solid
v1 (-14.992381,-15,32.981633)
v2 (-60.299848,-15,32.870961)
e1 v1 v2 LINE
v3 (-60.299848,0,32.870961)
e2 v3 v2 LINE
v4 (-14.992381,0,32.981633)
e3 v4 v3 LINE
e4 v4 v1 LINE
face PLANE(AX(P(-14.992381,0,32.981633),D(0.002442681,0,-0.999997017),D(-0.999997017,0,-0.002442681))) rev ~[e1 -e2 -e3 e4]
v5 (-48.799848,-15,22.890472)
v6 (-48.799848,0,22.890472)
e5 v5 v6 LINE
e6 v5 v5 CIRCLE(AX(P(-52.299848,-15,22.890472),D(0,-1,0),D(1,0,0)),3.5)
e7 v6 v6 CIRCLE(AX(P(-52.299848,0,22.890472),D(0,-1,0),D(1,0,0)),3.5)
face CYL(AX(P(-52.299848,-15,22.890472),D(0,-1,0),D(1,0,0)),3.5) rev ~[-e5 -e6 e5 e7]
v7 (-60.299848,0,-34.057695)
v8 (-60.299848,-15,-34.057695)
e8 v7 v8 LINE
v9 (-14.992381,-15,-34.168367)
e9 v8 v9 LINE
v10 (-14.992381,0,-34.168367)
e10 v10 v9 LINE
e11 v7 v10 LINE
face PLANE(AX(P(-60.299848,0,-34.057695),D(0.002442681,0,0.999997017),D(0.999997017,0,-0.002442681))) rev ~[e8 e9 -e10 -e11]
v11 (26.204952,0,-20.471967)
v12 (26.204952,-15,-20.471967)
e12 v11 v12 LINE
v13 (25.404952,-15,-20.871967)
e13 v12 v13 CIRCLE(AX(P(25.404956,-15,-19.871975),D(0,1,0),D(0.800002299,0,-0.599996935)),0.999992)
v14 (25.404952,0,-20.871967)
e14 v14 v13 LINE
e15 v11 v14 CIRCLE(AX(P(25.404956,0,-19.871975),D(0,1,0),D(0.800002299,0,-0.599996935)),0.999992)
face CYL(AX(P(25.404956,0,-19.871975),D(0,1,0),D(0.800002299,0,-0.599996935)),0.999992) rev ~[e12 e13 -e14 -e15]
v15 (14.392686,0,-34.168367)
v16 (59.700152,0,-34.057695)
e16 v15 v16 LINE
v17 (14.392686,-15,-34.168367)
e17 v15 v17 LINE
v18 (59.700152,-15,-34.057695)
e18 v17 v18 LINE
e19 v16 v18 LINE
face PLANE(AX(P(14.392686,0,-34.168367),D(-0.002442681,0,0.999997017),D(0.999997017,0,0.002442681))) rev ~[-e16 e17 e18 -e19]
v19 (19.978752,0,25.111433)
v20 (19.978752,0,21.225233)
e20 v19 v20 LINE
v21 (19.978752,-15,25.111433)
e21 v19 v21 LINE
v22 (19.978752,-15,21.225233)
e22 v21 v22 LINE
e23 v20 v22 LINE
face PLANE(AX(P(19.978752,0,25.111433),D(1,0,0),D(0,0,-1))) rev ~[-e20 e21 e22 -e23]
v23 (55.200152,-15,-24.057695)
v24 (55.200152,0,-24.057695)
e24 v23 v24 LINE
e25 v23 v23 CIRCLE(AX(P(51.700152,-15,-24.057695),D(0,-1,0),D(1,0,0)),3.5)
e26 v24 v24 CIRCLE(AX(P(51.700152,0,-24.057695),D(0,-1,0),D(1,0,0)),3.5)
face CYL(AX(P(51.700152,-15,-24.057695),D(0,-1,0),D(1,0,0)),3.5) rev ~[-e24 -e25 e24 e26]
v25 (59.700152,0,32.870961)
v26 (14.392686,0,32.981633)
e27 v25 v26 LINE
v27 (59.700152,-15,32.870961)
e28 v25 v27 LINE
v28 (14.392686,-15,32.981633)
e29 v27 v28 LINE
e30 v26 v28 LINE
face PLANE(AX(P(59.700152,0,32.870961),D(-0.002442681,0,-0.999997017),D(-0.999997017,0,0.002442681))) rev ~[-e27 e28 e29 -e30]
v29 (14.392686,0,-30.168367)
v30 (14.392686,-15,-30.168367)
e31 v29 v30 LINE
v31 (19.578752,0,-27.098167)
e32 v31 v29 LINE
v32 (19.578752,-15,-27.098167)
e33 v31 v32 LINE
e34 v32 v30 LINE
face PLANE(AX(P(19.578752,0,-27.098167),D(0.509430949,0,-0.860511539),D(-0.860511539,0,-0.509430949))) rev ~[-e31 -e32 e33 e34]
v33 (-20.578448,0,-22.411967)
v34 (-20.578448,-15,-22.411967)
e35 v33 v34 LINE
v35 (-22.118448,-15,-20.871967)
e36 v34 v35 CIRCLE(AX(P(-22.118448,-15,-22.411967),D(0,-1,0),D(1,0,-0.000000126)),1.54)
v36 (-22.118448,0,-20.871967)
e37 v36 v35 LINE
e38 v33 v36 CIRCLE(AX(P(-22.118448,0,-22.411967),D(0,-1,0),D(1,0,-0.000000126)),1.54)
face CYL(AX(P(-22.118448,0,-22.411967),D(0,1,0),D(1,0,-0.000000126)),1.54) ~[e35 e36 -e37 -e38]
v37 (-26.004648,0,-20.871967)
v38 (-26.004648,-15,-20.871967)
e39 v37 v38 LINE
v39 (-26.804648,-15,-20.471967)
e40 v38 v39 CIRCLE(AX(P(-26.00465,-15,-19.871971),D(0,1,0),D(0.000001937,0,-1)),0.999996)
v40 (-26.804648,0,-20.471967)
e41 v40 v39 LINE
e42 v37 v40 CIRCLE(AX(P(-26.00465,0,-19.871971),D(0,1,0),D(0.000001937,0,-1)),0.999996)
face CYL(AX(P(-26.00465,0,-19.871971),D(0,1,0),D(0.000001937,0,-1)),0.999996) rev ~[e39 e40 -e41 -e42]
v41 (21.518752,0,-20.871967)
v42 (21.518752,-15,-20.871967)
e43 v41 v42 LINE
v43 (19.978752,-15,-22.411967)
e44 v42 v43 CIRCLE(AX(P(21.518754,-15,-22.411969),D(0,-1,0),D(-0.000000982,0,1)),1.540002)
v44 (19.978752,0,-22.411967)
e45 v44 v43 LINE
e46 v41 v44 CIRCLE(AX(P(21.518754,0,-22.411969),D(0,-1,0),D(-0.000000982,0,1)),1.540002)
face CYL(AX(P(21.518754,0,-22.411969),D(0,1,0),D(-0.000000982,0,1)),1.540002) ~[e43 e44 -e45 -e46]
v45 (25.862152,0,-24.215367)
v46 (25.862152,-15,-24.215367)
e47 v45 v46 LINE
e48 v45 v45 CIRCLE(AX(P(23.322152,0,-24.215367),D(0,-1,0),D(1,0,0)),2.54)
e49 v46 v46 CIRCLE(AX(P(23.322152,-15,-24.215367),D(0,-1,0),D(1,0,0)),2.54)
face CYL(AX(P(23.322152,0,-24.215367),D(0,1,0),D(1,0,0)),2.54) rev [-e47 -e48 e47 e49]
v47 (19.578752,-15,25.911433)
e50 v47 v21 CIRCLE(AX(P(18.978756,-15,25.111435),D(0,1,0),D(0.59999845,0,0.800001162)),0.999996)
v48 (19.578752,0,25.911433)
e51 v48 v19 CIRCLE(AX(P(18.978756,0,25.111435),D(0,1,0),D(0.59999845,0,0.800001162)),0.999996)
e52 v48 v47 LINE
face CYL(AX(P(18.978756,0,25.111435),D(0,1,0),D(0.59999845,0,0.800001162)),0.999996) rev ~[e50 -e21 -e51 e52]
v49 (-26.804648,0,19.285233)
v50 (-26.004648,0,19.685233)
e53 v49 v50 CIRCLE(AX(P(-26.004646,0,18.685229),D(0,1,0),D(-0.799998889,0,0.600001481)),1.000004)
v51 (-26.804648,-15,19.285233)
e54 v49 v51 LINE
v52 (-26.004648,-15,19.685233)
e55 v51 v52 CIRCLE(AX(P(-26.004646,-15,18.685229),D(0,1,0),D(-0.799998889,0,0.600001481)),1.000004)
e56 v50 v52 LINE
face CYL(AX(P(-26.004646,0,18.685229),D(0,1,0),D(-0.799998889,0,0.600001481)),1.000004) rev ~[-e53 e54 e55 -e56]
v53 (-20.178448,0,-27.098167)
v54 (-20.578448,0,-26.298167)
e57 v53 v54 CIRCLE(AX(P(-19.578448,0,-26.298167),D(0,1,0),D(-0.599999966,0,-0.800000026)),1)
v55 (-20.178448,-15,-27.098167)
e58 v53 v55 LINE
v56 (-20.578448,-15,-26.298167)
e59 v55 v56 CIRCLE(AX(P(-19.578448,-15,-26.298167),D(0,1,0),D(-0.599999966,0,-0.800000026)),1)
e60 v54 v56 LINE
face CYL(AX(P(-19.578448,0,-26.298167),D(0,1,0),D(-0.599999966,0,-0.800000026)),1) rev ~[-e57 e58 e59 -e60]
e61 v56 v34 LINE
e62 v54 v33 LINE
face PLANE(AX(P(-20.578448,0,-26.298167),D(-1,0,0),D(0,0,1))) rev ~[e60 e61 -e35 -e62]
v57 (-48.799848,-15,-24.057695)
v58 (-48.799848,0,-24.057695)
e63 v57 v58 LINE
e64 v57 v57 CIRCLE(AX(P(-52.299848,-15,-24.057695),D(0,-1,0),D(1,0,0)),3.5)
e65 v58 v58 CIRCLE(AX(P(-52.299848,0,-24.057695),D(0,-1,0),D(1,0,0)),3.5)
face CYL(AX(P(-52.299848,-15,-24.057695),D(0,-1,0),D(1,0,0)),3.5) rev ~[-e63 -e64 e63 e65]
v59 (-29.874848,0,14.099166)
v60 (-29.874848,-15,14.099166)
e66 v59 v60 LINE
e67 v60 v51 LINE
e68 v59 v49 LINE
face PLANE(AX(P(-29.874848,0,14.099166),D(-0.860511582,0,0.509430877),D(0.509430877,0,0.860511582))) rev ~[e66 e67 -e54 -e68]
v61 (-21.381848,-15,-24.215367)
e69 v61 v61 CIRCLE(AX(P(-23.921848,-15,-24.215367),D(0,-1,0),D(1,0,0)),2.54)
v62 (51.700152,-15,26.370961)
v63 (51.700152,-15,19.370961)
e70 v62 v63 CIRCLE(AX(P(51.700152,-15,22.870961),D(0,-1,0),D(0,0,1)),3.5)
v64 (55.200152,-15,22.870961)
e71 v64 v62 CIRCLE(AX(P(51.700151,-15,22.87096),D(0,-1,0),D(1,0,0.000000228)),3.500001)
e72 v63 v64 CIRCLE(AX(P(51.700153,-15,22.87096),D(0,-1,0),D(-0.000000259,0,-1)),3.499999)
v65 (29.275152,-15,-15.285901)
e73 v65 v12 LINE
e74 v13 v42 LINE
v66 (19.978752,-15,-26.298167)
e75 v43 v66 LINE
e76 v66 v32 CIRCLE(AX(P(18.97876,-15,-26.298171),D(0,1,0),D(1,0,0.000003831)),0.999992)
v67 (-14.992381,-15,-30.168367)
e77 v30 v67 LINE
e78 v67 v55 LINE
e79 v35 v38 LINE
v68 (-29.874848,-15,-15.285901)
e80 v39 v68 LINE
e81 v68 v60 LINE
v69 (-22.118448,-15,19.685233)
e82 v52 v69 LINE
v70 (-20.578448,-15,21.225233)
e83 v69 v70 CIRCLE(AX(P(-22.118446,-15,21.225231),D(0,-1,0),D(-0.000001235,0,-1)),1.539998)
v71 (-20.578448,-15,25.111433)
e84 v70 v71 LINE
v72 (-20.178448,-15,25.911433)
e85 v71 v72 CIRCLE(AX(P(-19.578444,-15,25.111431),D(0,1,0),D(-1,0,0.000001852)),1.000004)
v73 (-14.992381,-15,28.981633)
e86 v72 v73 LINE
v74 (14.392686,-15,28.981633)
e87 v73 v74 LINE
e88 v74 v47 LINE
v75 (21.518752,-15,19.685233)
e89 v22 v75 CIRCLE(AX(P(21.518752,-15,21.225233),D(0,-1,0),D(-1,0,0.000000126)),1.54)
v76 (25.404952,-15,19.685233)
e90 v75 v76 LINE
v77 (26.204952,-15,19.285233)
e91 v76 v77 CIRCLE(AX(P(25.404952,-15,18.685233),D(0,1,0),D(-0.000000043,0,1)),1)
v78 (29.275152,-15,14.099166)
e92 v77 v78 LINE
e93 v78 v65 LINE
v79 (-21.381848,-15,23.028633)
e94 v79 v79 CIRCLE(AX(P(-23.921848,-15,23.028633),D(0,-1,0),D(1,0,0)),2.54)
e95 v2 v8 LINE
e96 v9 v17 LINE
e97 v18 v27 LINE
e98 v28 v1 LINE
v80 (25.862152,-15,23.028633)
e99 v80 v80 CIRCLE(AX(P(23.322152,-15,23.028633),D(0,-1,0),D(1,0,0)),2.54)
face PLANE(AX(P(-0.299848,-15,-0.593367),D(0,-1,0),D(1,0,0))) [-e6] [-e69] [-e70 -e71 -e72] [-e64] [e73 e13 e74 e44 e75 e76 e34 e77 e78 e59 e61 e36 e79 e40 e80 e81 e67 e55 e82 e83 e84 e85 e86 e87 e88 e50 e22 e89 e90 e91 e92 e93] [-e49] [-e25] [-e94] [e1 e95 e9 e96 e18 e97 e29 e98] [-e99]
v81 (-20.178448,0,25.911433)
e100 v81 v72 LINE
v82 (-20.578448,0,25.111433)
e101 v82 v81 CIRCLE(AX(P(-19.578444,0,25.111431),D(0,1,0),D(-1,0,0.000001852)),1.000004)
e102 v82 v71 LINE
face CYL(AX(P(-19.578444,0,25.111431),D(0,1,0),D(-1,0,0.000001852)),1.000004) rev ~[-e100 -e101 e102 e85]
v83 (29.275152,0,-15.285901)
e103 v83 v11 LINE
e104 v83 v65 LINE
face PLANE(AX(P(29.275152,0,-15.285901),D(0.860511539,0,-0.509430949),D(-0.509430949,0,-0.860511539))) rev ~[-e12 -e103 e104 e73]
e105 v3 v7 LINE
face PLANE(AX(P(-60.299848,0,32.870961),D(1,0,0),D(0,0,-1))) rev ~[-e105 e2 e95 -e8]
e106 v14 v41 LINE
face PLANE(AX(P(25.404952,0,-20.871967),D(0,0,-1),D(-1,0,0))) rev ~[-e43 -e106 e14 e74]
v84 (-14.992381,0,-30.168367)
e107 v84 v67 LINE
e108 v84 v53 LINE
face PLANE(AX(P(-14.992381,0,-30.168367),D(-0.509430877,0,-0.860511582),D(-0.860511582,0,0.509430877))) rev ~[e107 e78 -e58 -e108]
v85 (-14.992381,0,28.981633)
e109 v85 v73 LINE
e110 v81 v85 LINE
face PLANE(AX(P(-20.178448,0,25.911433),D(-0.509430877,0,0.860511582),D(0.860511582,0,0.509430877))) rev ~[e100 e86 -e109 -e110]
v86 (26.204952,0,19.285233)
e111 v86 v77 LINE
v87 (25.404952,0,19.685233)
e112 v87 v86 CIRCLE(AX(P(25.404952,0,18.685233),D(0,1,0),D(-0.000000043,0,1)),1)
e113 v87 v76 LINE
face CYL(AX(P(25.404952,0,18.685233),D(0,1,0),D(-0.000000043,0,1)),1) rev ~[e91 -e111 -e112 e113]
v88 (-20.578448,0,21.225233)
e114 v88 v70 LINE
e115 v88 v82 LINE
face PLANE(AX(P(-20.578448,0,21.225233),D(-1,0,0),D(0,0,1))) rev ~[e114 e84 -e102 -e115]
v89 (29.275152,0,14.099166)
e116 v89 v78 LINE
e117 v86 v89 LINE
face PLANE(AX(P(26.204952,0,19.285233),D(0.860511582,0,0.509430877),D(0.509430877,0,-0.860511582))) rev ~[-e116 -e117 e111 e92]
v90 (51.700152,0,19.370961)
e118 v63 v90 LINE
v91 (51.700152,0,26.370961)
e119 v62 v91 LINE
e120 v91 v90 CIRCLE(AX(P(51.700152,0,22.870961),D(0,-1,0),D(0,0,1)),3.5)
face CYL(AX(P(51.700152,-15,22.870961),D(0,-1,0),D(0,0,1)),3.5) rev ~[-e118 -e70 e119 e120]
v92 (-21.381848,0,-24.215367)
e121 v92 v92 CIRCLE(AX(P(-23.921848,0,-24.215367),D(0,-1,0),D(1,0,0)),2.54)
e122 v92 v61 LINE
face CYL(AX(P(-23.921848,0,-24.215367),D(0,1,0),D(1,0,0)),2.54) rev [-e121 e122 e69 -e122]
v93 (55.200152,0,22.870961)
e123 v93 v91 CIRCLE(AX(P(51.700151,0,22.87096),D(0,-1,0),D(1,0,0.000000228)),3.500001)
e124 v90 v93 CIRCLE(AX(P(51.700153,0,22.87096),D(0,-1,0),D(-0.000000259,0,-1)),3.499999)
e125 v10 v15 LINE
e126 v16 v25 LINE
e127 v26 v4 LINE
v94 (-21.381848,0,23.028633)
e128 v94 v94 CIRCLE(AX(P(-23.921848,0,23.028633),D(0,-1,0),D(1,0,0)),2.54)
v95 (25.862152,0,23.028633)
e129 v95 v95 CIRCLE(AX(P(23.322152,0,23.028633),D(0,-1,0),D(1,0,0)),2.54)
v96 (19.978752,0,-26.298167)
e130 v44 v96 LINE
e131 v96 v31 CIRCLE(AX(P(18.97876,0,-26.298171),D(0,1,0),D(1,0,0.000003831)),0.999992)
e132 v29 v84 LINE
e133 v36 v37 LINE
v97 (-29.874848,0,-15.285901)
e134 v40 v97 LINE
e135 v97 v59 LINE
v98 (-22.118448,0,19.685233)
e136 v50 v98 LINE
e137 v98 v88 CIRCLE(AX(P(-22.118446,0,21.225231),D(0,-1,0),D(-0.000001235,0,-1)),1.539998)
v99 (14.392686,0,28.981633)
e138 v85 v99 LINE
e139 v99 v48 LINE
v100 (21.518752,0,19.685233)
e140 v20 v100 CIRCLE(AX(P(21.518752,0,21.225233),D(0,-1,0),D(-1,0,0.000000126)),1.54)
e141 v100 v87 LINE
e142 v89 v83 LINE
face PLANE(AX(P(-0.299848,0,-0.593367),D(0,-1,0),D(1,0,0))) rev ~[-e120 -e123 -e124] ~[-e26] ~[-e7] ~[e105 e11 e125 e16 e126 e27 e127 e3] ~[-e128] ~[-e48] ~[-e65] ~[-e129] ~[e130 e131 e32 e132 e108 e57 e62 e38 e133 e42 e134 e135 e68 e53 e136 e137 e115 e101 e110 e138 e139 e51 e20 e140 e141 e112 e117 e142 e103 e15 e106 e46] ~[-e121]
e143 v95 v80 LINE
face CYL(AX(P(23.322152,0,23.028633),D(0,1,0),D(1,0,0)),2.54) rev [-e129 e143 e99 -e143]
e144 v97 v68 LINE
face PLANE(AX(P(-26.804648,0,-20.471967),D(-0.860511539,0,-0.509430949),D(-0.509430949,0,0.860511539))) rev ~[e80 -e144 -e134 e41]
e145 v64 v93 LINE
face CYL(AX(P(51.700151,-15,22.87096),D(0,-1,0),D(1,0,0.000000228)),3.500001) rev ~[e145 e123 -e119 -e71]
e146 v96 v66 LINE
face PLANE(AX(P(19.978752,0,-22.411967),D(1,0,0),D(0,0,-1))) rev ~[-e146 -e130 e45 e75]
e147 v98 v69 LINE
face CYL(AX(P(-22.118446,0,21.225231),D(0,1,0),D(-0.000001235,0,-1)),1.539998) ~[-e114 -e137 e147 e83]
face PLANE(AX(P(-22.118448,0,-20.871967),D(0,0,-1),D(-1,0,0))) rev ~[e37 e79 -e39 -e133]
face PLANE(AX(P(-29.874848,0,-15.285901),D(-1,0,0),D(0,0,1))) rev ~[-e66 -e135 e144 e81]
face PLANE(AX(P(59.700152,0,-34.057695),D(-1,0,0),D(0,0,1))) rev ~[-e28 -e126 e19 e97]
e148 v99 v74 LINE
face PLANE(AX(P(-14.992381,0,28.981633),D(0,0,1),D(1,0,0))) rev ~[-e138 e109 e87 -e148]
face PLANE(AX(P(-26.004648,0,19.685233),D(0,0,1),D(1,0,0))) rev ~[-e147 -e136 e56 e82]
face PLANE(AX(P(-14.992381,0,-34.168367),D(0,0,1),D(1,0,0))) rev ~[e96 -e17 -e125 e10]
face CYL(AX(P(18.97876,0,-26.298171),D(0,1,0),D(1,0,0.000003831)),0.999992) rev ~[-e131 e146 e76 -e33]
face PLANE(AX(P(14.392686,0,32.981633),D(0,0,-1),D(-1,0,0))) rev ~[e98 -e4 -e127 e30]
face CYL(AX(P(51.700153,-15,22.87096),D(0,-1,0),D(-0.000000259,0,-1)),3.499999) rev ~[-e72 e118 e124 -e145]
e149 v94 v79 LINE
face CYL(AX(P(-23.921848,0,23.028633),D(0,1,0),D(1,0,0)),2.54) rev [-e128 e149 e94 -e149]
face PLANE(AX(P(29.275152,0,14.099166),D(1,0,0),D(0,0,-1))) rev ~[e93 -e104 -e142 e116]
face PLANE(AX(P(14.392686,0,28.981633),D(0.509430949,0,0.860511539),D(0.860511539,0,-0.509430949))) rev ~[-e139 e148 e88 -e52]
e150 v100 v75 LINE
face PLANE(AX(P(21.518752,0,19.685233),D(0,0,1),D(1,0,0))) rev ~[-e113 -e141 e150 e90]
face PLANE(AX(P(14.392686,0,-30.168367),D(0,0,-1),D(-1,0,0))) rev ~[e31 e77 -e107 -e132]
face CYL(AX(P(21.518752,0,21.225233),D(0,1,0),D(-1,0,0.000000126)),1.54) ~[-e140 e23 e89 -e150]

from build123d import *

# Parameters (mm, degrees)
F0_R     = 2.54
F1_DEPTH = 15
F2_R     = 3.5
F3_DEPTH = 25


with BuildPart() as f1:
    # F0 (on Front) → F1 (new body)
    with BuildSketch(Plane.XZ):
        Polygon((-60.299848, 32.870961), (-60.299848, -34.057695), (-14.992381, -34.168367), (14.392686, -34.168367), (59.700152, -34.057695), (59.700152, 32.870961), (14.392686, 32.981633), (-14.992381, 32.981633), align=None)
        with Locations((-23.921848, -24.215367)):
            Circle(F0_R, mode=Mode.SUBTRACT)
        with Locations((23.322152, -24.215367)):
            Circle(F0_R, mode=Mode.SUBTRACT)
        with BuildLine():
            Line((-20.578448, 21.225233), (-20.578448, 25.111433))
            ThreePointArc((-20.578448, 25.111433), (-20.472875, 25.558646), (-20.178448, 25.911433))
            Line((-20.178448, 25.911433), (-14.992381, 28.981633))
            Line((-14.992381, 28.981633), (14.392686, 28.981633))
            Line((14.392686, 28.981633), (19.578752, 25.911433))
            ThreePointArc((19.578752, 25.911433), (19.87318, 25.558646), (19.978752, 25.111433))
            Line((19.978752, 25.111433), (19.978752, 21.225233))
            ThreePointArc((19.978752, 21.225233), (20.429808, 20.136288), (21.518752, 19.685233))
            Line((21.518752, 19.685233), (25.404952, 19.685233))
            ThreePointArc((25.404952, 19.685233), (25.852166, 19.57966), (26.204952, 19.285233))
            Line((26.204952, 19.285233), (29.275152, 14.099166))
            Line((29.275152, 14.099166), (29.275152, -15.285901))
            Line((29.275152, -15.285901), (26.204952, -20.471967))
            ThreePointArc((26.204952, -20.471967), (25.852166, -20.766395), (25.404952, -20.871967))
            Line((25.404952, -20.871967), (21.518752, -20.871967))
            ThreePointArc((21.518752, -20.871967), (20.429808, -21.323023), (19.978752, -22.411967))
            Line((19.978752, -22.411967), (19.978752, -26.298167))
            ThreePointArc((19.978752, -26.298167), (19.87318, -26.745381), (19.578752, -27.098167))
            Line((19.578752, -27.098167), (14.392686, -30.168367))
            Line((14.392686, -30.168367), (-14.992381, -30.168367))
            Line((-14.992381, -30.168367), (-20.178448, -27.098167))
            ThreePointArc((-20.178448, -27.098167), (-20.472875, -26.745381), (-20.578448, -26.298167))
            Line((-20.578448, -26.298167), (-20.578448, -22.411967))
            ThreePointArc((-20.578448, -22.411967), (-21.029503, -21.323023), (-22.118448, -20.871967))
            Line((-22.118448, -20.871967), (-26.004648, -20.871967))
            ThreePointArc((-26.004648, -20.871967), (-26.451861, -20.766395), (-26.804648, -20.471967))
            Line((-26.804648, -20.471967), (-29.874848, -15.285901))
            Line((-29.874848, -15.285901), (-29.874848, 14.099166))
            Line((-29.874848, 14.099166), (-26.804648, 19.285233))
            ThreePointArc((-26.804648, 19.285233), (-26.451861, 19.57966), (-26.004648, 19.685233))
            Line((-26.004648, 19.685233), (-22.118448, 19.685233))
            ThreePointArc((-22.118448, 19.685233), (-21.029503, 20.136288), (-20.578448, 21.225233))
        make_face(mode=Mode.SUBTRACT)
        with Locations((-23.921848, 23.028633)):
            Circle(F0_R, mode=Mode.SUBTRACT)
        with Locations((23.322152, 23.028633)):
            Circle(F0_R, mode=Mode.SUBTRACT)
    extrude(amount=F1_DEPTH)

    # F2 (on face) → F3 (cut)
    with BuildSketch(Plane.XZ.offset(15)):
        with Locations((-52.299848, 22.890472)):
            Circle(F2_R)
        with Locations((-52.299848, -24.057695)):
            Circle(F2_R)
        with BuildLine():
            ThreePointArc((51.700152, 19.370961), (54.175026, 20.396087), (55.200152, 22.870961))
            ThreePointArc((55.200152, 22.870961), (54.175026, 25.345834), (51.700152, 26.370961))
            ThreePointArc((51.700152, 26.370961), (48.200152, 22.870961), (51.700152, 19.370961))
        make_face()
        with Locations((51.700152, -24.057695)):
            Circle(F2_R)
    extrude(amount=-F3_DEPTH, mode=Mode.SUBTRACT)


solid = f1.part
